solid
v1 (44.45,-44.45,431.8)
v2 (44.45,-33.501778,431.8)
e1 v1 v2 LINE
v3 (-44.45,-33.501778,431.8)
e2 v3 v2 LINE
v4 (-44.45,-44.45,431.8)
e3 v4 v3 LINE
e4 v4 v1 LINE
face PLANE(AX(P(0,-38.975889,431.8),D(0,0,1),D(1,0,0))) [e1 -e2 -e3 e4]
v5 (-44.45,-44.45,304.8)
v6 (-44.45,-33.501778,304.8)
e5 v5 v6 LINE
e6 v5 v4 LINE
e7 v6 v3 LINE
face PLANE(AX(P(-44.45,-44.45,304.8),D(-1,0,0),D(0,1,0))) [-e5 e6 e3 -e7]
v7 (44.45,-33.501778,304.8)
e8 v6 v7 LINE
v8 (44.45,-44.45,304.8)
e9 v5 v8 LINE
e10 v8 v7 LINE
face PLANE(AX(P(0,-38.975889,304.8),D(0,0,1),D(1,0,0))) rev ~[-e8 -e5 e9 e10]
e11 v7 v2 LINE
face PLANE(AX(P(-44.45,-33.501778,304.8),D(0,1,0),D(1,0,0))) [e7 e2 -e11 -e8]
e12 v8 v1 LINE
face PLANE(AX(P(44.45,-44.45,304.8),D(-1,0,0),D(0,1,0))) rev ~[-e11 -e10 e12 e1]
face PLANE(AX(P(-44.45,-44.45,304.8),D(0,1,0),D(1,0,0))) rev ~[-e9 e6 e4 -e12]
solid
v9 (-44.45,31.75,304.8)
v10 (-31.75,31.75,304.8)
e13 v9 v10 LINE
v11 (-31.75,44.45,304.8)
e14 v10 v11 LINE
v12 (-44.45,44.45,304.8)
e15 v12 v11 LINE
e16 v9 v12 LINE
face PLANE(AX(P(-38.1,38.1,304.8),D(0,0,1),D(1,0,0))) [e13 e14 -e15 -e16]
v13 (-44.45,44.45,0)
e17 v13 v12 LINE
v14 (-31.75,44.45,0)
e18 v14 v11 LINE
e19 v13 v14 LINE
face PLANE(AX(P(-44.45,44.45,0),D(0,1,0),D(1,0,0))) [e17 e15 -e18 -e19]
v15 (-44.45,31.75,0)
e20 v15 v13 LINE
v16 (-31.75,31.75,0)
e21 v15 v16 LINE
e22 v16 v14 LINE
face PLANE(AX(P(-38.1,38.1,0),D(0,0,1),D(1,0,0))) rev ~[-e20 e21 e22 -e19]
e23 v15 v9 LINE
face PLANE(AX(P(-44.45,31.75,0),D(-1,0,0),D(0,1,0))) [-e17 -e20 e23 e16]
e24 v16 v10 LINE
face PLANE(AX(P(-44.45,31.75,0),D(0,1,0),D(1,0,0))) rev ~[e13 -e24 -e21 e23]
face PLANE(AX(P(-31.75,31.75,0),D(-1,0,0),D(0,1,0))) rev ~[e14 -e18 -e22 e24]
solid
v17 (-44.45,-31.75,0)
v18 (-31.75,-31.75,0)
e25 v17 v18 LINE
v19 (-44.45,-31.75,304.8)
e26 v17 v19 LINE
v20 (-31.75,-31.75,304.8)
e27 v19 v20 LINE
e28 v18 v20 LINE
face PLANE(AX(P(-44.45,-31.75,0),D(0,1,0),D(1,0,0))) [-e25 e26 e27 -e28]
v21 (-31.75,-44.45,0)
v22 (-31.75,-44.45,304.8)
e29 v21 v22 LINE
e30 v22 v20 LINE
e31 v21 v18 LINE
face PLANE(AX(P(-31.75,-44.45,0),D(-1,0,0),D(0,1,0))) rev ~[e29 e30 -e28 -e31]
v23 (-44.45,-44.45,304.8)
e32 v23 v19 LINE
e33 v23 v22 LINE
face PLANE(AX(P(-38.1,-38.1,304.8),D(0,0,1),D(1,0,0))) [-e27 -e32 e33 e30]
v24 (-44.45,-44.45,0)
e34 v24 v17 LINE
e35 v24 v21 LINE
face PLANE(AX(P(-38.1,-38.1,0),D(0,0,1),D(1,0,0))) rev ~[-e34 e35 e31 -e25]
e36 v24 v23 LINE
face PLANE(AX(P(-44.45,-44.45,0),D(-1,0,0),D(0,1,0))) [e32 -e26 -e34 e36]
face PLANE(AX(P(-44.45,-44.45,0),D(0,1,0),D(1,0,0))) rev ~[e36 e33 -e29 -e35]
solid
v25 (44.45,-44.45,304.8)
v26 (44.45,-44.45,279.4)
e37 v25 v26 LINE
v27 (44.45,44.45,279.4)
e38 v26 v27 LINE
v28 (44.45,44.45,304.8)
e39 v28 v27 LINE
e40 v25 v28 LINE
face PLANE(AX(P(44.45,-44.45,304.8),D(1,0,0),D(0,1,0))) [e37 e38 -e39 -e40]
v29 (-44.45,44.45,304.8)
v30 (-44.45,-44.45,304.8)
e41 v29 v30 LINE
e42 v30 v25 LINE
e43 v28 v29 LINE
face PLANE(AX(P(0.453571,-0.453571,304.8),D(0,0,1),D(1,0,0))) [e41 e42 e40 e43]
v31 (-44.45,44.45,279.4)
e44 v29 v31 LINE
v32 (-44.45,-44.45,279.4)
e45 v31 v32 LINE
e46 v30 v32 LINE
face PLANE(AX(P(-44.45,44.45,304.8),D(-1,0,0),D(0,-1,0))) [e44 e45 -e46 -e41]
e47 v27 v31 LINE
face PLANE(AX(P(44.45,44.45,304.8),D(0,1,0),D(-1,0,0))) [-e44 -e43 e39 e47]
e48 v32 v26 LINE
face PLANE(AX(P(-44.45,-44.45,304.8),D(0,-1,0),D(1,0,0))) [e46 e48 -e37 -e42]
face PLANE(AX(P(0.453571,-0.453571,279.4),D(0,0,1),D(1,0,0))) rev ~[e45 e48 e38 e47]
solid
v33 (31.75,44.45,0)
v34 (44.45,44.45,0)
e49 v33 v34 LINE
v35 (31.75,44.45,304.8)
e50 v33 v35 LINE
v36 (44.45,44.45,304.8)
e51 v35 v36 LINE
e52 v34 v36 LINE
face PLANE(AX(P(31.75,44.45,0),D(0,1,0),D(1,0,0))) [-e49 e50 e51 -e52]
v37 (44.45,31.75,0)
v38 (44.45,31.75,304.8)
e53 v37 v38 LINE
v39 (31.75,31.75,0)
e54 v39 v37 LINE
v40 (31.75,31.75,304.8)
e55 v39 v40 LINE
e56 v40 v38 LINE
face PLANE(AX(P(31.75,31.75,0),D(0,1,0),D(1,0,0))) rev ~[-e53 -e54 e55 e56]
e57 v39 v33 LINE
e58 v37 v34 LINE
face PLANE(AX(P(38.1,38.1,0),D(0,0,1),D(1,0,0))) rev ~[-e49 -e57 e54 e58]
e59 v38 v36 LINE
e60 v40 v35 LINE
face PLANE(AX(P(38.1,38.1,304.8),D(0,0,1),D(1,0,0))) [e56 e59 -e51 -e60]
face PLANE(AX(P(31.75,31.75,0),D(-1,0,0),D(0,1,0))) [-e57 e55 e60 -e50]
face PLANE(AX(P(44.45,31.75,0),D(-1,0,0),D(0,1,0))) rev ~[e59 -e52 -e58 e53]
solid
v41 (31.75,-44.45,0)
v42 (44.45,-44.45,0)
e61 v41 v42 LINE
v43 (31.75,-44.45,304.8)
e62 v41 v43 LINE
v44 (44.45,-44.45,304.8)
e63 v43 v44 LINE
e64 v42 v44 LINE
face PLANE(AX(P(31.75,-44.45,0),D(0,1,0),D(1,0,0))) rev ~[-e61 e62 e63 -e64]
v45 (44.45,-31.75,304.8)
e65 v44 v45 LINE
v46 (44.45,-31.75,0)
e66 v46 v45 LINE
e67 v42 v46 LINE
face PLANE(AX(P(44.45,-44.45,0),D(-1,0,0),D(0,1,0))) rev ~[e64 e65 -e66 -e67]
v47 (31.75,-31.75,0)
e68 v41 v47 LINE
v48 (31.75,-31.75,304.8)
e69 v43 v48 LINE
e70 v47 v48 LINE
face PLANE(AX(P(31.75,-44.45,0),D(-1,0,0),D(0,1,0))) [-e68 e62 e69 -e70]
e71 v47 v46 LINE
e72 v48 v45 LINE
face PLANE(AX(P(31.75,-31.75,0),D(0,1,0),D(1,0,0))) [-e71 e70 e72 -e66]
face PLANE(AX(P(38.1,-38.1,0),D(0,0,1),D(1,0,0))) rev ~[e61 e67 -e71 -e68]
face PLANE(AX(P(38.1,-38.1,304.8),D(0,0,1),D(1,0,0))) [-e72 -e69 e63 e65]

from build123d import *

# Parameters (mm, degrees)
F0_W     = 12.7
F0_H     = 12.7
F1_DEPTH = 304.8
F2_W     = 12.7
F2_H     = 12.7
F3_DEPTH = 25.4
F4_W     = 88.9
F4_H     = 10.9482222021
F5_DEPTH = 127


with BuildPart() as f1:
    # F0 (on Top) → F1 (new body)
    with BuildSketch(Plane.XY):
        with Locations((-38.1, -38.1)):
            Rectangle(F0_W, F0_H)
    extrude(amount=F1_DEPTH)


with BuildPart() as f1b:
    # F0 (on Top) → F1, piece 2 (new body)
    with BuildSketch(Plane.XY):
        with Locations((38.1, 38.1)):
            Rectangle(F0_W, F0_H)
    extrude(amount=F1_DEPTH)


with BuildPart() as f1c:
    # F0 (on Top) → F1, piece 3 (new body)
    with BuildSketch(Plane.XY):
        with Locations((38.1, -38.1)):
            Rectangle(F0_W, F0_H)
    extrude(amount=F1_DEPTH)


with BuildPart() as f1d:
    # F0 (on Top) → F1, piece 4 (new body)
    with BuildSketch(Plane.XY):
        with Locations((-38.1, 38.1)):
            Rectangle(F0_W, F0_H)
    extrude(amount=F1_DEPTH)


with BuildPart() as f3:
    # F2 (on face) → F3 (new body)
    with BuildSketch(Plane.XY.offset(304.8)):
        Polygon((44.45, 44.45), (-31.75, 44.45), (-31.75, 31.75), (-44.45, 31.75), (-44.45, -44.45), (44.45, -44.45), align=None)
        with Locations((-38.1, 38.1)):
            Rectangle(F2_W, F2_H)
    extrude(amount=-F3_DEPTH)


with BuildPart() as f5:
    # F4 (on face) → F5 (new body)
    with BuildSketch(Plane.XY.offset(304.8)):
        with Locations((0, -38.975888899)):
            Rectangle(F4_W, F4_H)
    extrude(amount=F5_DEPTH)


solid = Compound([f1.part, f1b.part, f1c.part, f1d.part, f3.part, f5.part])
